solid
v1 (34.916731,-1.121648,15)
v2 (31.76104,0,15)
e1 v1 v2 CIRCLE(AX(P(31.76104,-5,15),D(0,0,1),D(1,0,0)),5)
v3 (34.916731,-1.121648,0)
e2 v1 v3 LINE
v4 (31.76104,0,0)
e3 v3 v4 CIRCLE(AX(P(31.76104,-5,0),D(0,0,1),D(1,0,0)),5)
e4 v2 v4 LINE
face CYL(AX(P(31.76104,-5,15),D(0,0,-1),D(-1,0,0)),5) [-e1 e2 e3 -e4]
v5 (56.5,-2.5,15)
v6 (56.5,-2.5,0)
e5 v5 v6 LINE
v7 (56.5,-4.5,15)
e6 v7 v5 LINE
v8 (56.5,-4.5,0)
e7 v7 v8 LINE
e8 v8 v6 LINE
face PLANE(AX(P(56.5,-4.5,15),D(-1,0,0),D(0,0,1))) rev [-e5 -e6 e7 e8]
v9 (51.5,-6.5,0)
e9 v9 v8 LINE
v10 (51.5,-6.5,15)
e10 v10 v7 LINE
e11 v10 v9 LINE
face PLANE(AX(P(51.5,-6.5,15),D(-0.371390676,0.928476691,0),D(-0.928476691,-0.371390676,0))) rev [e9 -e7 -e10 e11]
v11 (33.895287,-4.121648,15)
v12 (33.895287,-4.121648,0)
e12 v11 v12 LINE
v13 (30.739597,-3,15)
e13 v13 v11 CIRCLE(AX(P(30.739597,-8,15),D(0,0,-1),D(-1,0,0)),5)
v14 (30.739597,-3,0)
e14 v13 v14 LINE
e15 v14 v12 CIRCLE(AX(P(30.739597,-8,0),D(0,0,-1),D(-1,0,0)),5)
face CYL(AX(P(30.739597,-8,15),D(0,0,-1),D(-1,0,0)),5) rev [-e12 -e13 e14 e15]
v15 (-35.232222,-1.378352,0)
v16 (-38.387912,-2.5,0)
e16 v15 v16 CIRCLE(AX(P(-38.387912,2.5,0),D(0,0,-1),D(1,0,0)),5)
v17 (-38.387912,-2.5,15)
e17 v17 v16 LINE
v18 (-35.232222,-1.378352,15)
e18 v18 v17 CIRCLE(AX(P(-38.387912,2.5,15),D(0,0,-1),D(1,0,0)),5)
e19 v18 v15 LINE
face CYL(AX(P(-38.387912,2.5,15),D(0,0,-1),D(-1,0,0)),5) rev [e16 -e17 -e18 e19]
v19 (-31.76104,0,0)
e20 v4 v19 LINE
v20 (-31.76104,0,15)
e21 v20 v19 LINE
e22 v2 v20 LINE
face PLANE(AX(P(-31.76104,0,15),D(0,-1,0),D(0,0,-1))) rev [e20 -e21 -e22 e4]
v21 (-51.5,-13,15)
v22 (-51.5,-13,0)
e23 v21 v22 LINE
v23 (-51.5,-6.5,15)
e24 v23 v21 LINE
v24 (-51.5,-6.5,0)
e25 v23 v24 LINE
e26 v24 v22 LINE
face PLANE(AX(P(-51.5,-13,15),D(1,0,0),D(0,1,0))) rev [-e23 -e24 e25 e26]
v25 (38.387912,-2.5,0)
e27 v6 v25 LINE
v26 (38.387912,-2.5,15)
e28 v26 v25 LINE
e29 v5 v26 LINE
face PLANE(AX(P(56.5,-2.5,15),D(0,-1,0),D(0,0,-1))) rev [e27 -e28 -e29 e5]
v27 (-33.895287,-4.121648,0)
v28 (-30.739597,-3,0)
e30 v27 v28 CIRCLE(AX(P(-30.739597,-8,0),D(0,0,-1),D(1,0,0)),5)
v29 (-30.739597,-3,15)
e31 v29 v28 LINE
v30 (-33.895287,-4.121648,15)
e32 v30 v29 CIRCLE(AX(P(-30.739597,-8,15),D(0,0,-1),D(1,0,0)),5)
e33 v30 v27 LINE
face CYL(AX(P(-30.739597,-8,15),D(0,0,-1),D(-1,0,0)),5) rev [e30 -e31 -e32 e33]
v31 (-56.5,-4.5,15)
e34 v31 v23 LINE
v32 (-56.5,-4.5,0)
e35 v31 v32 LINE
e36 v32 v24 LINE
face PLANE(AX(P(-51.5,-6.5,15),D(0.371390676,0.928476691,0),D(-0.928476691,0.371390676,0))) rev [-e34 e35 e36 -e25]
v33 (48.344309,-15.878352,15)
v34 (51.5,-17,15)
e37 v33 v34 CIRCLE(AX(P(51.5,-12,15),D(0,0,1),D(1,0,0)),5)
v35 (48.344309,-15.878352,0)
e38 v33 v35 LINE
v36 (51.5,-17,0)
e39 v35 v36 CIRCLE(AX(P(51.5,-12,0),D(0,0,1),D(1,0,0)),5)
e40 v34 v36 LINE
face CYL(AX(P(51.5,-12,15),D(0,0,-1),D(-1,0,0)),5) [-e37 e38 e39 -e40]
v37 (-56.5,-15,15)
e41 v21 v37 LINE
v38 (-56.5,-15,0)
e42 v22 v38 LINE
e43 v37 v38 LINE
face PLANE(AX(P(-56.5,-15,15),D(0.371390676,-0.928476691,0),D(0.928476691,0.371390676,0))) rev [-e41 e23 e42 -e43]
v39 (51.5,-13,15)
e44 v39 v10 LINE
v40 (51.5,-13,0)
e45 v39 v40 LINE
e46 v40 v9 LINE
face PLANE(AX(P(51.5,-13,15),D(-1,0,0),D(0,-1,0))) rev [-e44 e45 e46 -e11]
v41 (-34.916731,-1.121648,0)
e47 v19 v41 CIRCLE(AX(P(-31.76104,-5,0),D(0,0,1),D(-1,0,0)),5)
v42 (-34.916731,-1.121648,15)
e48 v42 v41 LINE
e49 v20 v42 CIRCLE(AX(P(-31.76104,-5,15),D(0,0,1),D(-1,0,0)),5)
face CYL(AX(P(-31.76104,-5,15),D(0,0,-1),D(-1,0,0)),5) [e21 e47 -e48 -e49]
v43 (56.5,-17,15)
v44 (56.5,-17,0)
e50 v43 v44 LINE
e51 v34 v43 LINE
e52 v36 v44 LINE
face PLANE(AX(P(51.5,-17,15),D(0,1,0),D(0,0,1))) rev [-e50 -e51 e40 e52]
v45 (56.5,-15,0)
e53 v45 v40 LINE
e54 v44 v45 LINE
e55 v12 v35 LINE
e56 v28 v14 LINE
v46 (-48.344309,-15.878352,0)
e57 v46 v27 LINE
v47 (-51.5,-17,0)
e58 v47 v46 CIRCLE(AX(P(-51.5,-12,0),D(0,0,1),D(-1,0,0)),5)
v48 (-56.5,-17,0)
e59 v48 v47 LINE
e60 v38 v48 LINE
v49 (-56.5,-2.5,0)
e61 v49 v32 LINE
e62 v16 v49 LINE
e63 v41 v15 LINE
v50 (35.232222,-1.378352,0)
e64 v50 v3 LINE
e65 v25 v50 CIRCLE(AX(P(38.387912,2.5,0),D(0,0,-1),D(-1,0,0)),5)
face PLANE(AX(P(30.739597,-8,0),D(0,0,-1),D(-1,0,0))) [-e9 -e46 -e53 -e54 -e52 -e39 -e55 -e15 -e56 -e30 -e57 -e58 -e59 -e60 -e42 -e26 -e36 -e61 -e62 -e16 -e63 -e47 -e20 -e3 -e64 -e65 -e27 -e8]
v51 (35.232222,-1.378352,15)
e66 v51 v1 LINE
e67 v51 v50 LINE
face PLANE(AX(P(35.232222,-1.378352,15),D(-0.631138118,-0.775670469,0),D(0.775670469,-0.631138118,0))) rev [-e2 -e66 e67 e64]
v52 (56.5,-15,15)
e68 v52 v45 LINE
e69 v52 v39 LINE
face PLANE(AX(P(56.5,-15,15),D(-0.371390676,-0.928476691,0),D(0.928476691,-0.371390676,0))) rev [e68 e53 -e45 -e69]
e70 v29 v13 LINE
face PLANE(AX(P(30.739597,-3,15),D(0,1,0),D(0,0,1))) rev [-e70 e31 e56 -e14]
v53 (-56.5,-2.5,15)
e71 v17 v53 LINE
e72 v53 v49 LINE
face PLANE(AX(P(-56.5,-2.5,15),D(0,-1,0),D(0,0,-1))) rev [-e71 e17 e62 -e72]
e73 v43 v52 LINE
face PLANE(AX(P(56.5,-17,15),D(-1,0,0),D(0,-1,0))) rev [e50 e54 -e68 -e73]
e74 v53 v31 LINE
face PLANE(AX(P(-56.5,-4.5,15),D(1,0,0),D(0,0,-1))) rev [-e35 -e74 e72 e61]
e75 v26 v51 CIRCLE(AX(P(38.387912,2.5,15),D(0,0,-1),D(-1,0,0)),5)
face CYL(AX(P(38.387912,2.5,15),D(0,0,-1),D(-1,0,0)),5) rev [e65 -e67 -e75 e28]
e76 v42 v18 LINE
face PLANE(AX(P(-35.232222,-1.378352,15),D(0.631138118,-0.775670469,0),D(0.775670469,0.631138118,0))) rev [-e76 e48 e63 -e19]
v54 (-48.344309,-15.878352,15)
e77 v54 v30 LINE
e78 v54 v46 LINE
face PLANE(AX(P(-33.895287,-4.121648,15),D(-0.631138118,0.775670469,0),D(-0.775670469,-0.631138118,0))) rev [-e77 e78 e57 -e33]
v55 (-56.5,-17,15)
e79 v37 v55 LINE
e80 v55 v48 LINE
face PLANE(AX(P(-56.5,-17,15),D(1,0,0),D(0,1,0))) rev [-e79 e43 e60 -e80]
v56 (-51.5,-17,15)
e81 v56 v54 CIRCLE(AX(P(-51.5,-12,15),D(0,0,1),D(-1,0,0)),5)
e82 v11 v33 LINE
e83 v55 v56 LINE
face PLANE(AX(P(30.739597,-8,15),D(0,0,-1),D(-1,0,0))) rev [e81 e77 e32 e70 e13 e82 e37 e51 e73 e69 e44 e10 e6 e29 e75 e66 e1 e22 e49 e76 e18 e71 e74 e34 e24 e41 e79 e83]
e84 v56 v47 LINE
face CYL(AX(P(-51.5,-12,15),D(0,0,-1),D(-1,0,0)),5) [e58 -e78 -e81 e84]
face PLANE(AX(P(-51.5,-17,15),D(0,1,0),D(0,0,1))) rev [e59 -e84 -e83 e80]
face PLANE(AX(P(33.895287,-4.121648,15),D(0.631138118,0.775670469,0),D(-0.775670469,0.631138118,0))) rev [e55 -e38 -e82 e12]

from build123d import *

# Parameters (mm, degrees)
BOSS_EXTRUDE1_DEPTH = 15


with BuildPart() as part:
    # Sketch1 → Boss-Extrude1 (new body)
    with BuildSketch(Plane.XY):
        with BuildLine():
            Line((30.739596692, -3), (-30.739596692, -3))
            ThreePointArc((-30.739596692, -3), (-32.414147122, -3.288749544), (-33.895287282, -4.121647657))
            Line((-33.895287282, -4.121647657), (-48.34430941, -15.878352343))
            ThreePointArc((-48.34430941, -15.878352343), (-49.82544957, -16.711250456), (-51.5, -17))
            Line((-51.5, -17), (-56.5, -17))
            Line((-56.5, -17), (-56.5, -15))
            Line((-56.5, -15), (-51.5, -13))
            Line((-51.5, -13), (-51.5, -6.5))
            Line((-51.5, -6.5), (-56.5, -4.5))
            Line((-56.5, -4.5), (-56.5, -2.5))
            Line((-56.5, -2.5), (-38.387912283, -2.5))
            ThreePointArc((-38.387912283, -2.5), (-36.713361853, -2.211250456), (-35.232221692, -1.378352343))
            Line((-35.232221692, -1.378352343), (-34.916730933, -1.121647657))
            ThreePointArc((-34.916730933, -1.121647657), (-33.435590772, -0.288749544), (-31.761040342, 0))
            Line((-31.761040342, 0), (31.761040342, 0))
            ThreePointArc((31.761040342, 0), (33.435590772, -0.288749544), (34.916730933, -1.121647657))
            Line((34.916730933, -1.121647657), (35.232221692, -1.378352343))
            ThreePointArc((35.232221692, -1.378352343), (36.713361853, -2.211250456), (38.387912283, -2.5))
            Line((38.387912283, -2.5), (56.5, -2.5))
            Line((56.5, -2.5), (56.5, -4.5))
            Line((56.5, -4.5), (51.5, -6.5))
            Line((51.5, -6.5), (51.5, -13))
            Line((51.5, -13), (56.5, -15))
            Line((56.5, -15), (56.5, -17))
            Line((56.5, -17), (51.5, -17))
            ThreePointArc((51.5, -17), (49.82544957, -16.711250456), (48.34430941, -15.878352343))
            Line((48.34430941, -15.878352343), (33.895287282, -4.121647657))
            ThreePointArc((33.895287282, -4.121647657), (32.414147122, -3.288749544), (30.739596692, -3))
        make_face()
    extrude(amount=BOSS_EXTRUDE1_DEPTH)


solid = part.part
